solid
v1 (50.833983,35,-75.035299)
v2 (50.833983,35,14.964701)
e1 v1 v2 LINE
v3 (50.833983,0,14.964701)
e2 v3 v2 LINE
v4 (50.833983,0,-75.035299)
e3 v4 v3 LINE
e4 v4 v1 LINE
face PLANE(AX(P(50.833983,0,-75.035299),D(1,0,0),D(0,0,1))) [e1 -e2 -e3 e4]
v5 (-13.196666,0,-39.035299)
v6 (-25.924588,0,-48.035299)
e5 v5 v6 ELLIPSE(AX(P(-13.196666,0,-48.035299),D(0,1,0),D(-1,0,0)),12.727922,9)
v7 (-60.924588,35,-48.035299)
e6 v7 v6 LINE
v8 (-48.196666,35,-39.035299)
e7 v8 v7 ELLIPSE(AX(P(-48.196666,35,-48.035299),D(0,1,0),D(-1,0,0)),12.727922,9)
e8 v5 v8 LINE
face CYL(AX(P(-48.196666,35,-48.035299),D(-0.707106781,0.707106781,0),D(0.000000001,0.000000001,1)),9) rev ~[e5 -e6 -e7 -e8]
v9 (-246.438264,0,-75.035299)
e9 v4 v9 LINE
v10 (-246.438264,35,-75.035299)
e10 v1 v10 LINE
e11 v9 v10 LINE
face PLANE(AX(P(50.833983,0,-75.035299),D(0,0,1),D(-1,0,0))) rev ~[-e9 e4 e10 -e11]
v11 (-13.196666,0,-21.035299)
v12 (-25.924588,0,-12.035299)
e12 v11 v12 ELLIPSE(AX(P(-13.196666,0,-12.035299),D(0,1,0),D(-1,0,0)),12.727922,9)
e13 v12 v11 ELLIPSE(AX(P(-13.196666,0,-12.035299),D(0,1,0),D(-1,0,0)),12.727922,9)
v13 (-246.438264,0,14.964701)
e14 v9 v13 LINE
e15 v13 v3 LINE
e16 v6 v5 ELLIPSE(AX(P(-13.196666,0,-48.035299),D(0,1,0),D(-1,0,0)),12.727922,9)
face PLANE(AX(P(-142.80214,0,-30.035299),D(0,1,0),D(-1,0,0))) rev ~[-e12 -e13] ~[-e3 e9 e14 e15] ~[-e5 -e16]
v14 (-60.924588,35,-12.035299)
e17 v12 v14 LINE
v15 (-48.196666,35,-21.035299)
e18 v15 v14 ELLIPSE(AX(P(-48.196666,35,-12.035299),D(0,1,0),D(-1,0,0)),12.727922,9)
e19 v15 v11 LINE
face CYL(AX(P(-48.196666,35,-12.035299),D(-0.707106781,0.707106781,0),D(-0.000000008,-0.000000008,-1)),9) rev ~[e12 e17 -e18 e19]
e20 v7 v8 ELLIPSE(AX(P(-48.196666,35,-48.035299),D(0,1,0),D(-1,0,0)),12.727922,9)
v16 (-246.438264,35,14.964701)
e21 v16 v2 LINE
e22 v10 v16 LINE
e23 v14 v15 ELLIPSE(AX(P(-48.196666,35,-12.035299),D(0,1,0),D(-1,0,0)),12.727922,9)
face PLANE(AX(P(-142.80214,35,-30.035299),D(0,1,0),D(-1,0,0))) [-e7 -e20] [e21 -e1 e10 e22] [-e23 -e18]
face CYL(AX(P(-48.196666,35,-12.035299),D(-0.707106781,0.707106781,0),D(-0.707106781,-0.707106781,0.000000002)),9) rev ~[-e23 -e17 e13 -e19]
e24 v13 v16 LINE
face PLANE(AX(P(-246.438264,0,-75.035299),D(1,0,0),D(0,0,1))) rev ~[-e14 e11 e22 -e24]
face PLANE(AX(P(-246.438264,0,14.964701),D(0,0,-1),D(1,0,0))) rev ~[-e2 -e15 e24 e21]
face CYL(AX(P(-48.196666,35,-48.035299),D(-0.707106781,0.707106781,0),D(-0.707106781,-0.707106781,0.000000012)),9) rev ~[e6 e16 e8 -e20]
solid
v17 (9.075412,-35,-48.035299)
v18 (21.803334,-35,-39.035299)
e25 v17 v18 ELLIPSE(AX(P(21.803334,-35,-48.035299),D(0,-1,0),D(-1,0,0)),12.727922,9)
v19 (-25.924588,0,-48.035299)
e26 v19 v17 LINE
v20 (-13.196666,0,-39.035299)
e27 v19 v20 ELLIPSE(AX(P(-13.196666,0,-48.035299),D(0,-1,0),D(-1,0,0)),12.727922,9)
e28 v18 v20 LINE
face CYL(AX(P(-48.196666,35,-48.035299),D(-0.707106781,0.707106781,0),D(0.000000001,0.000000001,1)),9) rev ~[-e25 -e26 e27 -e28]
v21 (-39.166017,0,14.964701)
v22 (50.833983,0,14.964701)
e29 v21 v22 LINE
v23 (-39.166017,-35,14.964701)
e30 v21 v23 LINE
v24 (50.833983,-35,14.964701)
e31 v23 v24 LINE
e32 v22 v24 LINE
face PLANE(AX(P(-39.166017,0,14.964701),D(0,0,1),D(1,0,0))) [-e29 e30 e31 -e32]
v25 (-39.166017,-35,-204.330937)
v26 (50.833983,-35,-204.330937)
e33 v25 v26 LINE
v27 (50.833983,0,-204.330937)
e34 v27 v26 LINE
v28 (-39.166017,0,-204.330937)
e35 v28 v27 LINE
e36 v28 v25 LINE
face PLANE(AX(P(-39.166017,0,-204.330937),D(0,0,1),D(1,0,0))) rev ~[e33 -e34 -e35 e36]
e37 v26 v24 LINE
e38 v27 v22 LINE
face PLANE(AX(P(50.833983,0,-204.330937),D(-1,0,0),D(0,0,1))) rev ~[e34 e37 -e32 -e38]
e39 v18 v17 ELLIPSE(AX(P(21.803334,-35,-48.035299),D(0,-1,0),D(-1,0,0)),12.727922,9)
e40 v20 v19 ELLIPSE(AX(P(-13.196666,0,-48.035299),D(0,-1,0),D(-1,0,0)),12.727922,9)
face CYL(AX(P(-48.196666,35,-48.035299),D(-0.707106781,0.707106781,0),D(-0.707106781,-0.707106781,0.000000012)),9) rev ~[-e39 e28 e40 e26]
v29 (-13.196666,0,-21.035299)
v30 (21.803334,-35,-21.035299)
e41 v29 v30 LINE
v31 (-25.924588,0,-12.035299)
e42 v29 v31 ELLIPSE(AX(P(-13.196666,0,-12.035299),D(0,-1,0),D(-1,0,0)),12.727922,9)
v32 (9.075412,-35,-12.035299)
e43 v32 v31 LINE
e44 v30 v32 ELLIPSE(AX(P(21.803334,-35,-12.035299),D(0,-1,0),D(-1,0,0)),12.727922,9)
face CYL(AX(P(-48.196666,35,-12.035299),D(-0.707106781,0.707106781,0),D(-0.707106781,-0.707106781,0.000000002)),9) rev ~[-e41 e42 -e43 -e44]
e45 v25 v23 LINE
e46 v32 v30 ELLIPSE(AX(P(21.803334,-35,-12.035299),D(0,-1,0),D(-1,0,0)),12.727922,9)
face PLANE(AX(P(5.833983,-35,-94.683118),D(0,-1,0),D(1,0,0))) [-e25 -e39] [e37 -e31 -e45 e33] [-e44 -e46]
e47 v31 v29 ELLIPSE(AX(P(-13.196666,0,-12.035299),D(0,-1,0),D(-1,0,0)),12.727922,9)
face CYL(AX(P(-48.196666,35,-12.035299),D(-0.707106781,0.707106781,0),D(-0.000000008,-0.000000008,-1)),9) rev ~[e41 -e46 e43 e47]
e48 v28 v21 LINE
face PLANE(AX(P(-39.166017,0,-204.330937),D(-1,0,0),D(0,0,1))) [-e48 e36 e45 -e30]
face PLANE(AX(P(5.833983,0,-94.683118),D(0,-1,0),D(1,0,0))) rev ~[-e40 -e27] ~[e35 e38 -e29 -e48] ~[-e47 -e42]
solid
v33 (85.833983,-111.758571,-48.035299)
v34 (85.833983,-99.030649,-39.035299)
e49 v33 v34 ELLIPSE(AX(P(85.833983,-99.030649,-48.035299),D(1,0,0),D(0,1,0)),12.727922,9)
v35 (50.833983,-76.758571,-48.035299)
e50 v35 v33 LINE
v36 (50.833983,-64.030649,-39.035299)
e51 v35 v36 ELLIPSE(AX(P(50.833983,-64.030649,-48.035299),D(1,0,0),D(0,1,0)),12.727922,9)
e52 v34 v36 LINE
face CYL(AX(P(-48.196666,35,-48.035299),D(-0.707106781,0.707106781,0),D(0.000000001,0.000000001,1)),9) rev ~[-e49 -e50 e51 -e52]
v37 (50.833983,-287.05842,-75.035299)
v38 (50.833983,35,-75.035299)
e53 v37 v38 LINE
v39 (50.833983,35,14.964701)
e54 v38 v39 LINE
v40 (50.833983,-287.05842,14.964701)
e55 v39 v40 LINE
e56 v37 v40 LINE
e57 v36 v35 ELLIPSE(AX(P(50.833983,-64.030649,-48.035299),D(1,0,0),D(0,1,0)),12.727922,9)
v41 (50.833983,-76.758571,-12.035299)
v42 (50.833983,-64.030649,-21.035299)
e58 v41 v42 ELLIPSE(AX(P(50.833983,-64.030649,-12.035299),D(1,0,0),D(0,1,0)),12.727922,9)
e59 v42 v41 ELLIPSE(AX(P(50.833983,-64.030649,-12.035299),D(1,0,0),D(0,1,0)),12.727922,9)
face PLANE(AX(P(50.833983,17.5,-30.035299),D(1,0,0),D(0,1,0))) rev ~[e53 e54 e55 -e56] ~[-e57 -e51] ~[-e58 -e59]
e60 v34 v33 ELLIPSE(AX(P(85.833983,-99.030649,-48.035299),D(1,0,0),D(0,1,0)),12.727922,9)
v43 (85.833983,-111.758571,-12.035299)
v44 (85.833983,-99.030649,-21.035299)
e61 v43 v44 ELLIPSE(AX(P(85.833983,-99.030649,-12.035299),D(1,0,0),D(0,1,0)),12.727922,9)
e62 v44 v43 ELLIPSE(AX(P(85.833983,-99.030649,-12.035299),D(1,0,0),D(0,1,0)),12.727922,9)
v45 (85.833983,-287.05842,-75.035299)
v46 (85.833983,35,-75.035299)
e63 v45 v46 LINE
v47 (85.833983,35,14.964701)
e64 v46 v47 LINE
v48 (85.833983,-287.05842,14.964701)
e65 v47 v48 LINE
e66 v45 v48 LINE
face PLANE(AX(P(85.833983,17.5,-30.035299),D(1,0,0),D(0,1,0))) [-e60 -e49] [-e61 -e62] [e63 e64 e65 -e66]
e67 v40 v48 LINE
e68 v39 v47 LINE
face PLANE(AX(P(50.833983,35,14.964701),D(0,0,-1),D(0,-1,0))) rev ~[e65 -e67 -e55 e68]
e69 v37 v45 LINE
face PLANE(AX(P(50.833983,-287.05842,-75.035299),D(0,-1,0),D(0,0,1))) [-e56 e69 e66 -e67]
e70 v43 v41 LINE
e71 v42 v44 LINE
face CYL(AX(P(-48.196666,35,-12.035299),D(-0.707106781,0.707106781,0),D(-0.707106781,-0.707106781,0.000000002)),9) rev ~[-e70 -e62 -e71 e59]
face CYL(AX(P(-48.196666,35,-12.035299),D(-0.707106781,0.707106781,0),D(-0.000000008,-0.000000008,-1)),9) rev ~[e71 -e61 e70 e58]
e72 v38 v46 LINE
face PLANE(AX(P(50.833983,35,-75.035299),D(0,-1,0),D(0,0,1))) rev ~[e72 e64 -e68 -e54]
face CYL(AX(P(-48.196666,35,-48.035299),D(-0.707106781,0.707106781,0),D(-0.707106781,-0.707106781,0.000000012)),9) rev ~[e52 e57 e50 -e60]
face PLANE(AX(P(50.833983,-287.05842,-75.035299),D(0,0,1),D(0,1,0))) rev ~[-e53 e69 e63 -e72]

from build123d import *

# Parameters (mm, degrees)
F0_W          = 90
F0_H          = 219.295638
F1_DEPTH      = 35
F2_W          = 207.272247
F2_H          = 90
F2_W_2        = 90
F3_DEPTH      = 35
F4_W          = 35
F4_H          = 90
F4_W_2        = 287.05842
F5_DEPTH      = 35
F9_DEPTH      = 25
F9_DEPTH_BACK = 205.408499


with BuildPart() as f1:
    # F0 (on Front) → F1 (new body)
    with BuildSketch(Plane.XZ):
        with Locations((5.833983, -94.683118)):
            Rectangle(F0_W, F0_H)
    extrude(amount=F1_DEPTH)


with BuildPart() as f3:
    # F2 (on face) → F3 (new body)
    with BuildSketch(Plane(origin=(0, 0, 0), x_dir=(-1, 0, 0), z_dir=(0, 1, 0))):
        with Locations((142.80214, -30.035299)):
            Rectangle(F2_W, F2_H)
        with Locations((-5.833983, -30.035299)):
            Rectangle(F2_W_2, F2_H)
    extrude(amount=F3_DEPTH)


with BuildPart() as f5:
    # F4 (on face) → F5 (new body)
    with BuildSketch(Plane.YZ.offset(50.833983)):
        with Locations((17.5, -30.035299)):
            Rectangle(F4_W, F4_H)
        with Locations((-143.52921, -30.035299)):
            Rectangle(F4_W_2, F4_H)
    extrude(amount=F5_DEPTH)


with BuildPart() as f9_tool:
    # F8 (on face) → F9 (new body, two sides)
    with BuildSketch(Plane(origin=(-41.598333, 41.598333, 0), x_dir=(-0.707107, -0.707107, 0), z_dir=(-0.707107, 0.707107, 0))) as f9_sk:
        with BuildLine():
            ThreePointArc((9.331452, -21.035299), (15.695413, -18.39926), (18.331452, -12.035299))
            ThreePointArc((18.331452, -12.035299), (2.967491, -5.671338), (9.331452, -21.035299))
        make_face()
        with BuildLine():
            ThreePointArc((18.331452, -48.035299), (15.695413, -41.671338), (9.331452, -39.035299))
            ThreePointArc((9.331452, -39.035299), (2.967491, -54.39926), (18.331452, -48.035299))
        make_face()
    extrude(amount=F9_DEPTH)
    extrude(f9_sk.sketch, amount=-F9_DEPTH_BACK)


with BuildPart() as f1_1:
    add(f1.part)

    # F9: cut by f9_tool
    add(f9_tool.part, mode=Mode.SUBTRACT)


with BuildPart() as f3_1:
    add(f3.part)

    # F9: cut by f9_tool
    add(f9_tool.part, mode=Mode.SUBTRACT)


with BuildPart() as f5_1:
    add(f5.part)

    # F9: cut by f9_tool
    add(f9_tool.part, mode=Mode.SUBTRACT)


solid = Compound([f1_1.part, f3_1.part, f5_1.part])
